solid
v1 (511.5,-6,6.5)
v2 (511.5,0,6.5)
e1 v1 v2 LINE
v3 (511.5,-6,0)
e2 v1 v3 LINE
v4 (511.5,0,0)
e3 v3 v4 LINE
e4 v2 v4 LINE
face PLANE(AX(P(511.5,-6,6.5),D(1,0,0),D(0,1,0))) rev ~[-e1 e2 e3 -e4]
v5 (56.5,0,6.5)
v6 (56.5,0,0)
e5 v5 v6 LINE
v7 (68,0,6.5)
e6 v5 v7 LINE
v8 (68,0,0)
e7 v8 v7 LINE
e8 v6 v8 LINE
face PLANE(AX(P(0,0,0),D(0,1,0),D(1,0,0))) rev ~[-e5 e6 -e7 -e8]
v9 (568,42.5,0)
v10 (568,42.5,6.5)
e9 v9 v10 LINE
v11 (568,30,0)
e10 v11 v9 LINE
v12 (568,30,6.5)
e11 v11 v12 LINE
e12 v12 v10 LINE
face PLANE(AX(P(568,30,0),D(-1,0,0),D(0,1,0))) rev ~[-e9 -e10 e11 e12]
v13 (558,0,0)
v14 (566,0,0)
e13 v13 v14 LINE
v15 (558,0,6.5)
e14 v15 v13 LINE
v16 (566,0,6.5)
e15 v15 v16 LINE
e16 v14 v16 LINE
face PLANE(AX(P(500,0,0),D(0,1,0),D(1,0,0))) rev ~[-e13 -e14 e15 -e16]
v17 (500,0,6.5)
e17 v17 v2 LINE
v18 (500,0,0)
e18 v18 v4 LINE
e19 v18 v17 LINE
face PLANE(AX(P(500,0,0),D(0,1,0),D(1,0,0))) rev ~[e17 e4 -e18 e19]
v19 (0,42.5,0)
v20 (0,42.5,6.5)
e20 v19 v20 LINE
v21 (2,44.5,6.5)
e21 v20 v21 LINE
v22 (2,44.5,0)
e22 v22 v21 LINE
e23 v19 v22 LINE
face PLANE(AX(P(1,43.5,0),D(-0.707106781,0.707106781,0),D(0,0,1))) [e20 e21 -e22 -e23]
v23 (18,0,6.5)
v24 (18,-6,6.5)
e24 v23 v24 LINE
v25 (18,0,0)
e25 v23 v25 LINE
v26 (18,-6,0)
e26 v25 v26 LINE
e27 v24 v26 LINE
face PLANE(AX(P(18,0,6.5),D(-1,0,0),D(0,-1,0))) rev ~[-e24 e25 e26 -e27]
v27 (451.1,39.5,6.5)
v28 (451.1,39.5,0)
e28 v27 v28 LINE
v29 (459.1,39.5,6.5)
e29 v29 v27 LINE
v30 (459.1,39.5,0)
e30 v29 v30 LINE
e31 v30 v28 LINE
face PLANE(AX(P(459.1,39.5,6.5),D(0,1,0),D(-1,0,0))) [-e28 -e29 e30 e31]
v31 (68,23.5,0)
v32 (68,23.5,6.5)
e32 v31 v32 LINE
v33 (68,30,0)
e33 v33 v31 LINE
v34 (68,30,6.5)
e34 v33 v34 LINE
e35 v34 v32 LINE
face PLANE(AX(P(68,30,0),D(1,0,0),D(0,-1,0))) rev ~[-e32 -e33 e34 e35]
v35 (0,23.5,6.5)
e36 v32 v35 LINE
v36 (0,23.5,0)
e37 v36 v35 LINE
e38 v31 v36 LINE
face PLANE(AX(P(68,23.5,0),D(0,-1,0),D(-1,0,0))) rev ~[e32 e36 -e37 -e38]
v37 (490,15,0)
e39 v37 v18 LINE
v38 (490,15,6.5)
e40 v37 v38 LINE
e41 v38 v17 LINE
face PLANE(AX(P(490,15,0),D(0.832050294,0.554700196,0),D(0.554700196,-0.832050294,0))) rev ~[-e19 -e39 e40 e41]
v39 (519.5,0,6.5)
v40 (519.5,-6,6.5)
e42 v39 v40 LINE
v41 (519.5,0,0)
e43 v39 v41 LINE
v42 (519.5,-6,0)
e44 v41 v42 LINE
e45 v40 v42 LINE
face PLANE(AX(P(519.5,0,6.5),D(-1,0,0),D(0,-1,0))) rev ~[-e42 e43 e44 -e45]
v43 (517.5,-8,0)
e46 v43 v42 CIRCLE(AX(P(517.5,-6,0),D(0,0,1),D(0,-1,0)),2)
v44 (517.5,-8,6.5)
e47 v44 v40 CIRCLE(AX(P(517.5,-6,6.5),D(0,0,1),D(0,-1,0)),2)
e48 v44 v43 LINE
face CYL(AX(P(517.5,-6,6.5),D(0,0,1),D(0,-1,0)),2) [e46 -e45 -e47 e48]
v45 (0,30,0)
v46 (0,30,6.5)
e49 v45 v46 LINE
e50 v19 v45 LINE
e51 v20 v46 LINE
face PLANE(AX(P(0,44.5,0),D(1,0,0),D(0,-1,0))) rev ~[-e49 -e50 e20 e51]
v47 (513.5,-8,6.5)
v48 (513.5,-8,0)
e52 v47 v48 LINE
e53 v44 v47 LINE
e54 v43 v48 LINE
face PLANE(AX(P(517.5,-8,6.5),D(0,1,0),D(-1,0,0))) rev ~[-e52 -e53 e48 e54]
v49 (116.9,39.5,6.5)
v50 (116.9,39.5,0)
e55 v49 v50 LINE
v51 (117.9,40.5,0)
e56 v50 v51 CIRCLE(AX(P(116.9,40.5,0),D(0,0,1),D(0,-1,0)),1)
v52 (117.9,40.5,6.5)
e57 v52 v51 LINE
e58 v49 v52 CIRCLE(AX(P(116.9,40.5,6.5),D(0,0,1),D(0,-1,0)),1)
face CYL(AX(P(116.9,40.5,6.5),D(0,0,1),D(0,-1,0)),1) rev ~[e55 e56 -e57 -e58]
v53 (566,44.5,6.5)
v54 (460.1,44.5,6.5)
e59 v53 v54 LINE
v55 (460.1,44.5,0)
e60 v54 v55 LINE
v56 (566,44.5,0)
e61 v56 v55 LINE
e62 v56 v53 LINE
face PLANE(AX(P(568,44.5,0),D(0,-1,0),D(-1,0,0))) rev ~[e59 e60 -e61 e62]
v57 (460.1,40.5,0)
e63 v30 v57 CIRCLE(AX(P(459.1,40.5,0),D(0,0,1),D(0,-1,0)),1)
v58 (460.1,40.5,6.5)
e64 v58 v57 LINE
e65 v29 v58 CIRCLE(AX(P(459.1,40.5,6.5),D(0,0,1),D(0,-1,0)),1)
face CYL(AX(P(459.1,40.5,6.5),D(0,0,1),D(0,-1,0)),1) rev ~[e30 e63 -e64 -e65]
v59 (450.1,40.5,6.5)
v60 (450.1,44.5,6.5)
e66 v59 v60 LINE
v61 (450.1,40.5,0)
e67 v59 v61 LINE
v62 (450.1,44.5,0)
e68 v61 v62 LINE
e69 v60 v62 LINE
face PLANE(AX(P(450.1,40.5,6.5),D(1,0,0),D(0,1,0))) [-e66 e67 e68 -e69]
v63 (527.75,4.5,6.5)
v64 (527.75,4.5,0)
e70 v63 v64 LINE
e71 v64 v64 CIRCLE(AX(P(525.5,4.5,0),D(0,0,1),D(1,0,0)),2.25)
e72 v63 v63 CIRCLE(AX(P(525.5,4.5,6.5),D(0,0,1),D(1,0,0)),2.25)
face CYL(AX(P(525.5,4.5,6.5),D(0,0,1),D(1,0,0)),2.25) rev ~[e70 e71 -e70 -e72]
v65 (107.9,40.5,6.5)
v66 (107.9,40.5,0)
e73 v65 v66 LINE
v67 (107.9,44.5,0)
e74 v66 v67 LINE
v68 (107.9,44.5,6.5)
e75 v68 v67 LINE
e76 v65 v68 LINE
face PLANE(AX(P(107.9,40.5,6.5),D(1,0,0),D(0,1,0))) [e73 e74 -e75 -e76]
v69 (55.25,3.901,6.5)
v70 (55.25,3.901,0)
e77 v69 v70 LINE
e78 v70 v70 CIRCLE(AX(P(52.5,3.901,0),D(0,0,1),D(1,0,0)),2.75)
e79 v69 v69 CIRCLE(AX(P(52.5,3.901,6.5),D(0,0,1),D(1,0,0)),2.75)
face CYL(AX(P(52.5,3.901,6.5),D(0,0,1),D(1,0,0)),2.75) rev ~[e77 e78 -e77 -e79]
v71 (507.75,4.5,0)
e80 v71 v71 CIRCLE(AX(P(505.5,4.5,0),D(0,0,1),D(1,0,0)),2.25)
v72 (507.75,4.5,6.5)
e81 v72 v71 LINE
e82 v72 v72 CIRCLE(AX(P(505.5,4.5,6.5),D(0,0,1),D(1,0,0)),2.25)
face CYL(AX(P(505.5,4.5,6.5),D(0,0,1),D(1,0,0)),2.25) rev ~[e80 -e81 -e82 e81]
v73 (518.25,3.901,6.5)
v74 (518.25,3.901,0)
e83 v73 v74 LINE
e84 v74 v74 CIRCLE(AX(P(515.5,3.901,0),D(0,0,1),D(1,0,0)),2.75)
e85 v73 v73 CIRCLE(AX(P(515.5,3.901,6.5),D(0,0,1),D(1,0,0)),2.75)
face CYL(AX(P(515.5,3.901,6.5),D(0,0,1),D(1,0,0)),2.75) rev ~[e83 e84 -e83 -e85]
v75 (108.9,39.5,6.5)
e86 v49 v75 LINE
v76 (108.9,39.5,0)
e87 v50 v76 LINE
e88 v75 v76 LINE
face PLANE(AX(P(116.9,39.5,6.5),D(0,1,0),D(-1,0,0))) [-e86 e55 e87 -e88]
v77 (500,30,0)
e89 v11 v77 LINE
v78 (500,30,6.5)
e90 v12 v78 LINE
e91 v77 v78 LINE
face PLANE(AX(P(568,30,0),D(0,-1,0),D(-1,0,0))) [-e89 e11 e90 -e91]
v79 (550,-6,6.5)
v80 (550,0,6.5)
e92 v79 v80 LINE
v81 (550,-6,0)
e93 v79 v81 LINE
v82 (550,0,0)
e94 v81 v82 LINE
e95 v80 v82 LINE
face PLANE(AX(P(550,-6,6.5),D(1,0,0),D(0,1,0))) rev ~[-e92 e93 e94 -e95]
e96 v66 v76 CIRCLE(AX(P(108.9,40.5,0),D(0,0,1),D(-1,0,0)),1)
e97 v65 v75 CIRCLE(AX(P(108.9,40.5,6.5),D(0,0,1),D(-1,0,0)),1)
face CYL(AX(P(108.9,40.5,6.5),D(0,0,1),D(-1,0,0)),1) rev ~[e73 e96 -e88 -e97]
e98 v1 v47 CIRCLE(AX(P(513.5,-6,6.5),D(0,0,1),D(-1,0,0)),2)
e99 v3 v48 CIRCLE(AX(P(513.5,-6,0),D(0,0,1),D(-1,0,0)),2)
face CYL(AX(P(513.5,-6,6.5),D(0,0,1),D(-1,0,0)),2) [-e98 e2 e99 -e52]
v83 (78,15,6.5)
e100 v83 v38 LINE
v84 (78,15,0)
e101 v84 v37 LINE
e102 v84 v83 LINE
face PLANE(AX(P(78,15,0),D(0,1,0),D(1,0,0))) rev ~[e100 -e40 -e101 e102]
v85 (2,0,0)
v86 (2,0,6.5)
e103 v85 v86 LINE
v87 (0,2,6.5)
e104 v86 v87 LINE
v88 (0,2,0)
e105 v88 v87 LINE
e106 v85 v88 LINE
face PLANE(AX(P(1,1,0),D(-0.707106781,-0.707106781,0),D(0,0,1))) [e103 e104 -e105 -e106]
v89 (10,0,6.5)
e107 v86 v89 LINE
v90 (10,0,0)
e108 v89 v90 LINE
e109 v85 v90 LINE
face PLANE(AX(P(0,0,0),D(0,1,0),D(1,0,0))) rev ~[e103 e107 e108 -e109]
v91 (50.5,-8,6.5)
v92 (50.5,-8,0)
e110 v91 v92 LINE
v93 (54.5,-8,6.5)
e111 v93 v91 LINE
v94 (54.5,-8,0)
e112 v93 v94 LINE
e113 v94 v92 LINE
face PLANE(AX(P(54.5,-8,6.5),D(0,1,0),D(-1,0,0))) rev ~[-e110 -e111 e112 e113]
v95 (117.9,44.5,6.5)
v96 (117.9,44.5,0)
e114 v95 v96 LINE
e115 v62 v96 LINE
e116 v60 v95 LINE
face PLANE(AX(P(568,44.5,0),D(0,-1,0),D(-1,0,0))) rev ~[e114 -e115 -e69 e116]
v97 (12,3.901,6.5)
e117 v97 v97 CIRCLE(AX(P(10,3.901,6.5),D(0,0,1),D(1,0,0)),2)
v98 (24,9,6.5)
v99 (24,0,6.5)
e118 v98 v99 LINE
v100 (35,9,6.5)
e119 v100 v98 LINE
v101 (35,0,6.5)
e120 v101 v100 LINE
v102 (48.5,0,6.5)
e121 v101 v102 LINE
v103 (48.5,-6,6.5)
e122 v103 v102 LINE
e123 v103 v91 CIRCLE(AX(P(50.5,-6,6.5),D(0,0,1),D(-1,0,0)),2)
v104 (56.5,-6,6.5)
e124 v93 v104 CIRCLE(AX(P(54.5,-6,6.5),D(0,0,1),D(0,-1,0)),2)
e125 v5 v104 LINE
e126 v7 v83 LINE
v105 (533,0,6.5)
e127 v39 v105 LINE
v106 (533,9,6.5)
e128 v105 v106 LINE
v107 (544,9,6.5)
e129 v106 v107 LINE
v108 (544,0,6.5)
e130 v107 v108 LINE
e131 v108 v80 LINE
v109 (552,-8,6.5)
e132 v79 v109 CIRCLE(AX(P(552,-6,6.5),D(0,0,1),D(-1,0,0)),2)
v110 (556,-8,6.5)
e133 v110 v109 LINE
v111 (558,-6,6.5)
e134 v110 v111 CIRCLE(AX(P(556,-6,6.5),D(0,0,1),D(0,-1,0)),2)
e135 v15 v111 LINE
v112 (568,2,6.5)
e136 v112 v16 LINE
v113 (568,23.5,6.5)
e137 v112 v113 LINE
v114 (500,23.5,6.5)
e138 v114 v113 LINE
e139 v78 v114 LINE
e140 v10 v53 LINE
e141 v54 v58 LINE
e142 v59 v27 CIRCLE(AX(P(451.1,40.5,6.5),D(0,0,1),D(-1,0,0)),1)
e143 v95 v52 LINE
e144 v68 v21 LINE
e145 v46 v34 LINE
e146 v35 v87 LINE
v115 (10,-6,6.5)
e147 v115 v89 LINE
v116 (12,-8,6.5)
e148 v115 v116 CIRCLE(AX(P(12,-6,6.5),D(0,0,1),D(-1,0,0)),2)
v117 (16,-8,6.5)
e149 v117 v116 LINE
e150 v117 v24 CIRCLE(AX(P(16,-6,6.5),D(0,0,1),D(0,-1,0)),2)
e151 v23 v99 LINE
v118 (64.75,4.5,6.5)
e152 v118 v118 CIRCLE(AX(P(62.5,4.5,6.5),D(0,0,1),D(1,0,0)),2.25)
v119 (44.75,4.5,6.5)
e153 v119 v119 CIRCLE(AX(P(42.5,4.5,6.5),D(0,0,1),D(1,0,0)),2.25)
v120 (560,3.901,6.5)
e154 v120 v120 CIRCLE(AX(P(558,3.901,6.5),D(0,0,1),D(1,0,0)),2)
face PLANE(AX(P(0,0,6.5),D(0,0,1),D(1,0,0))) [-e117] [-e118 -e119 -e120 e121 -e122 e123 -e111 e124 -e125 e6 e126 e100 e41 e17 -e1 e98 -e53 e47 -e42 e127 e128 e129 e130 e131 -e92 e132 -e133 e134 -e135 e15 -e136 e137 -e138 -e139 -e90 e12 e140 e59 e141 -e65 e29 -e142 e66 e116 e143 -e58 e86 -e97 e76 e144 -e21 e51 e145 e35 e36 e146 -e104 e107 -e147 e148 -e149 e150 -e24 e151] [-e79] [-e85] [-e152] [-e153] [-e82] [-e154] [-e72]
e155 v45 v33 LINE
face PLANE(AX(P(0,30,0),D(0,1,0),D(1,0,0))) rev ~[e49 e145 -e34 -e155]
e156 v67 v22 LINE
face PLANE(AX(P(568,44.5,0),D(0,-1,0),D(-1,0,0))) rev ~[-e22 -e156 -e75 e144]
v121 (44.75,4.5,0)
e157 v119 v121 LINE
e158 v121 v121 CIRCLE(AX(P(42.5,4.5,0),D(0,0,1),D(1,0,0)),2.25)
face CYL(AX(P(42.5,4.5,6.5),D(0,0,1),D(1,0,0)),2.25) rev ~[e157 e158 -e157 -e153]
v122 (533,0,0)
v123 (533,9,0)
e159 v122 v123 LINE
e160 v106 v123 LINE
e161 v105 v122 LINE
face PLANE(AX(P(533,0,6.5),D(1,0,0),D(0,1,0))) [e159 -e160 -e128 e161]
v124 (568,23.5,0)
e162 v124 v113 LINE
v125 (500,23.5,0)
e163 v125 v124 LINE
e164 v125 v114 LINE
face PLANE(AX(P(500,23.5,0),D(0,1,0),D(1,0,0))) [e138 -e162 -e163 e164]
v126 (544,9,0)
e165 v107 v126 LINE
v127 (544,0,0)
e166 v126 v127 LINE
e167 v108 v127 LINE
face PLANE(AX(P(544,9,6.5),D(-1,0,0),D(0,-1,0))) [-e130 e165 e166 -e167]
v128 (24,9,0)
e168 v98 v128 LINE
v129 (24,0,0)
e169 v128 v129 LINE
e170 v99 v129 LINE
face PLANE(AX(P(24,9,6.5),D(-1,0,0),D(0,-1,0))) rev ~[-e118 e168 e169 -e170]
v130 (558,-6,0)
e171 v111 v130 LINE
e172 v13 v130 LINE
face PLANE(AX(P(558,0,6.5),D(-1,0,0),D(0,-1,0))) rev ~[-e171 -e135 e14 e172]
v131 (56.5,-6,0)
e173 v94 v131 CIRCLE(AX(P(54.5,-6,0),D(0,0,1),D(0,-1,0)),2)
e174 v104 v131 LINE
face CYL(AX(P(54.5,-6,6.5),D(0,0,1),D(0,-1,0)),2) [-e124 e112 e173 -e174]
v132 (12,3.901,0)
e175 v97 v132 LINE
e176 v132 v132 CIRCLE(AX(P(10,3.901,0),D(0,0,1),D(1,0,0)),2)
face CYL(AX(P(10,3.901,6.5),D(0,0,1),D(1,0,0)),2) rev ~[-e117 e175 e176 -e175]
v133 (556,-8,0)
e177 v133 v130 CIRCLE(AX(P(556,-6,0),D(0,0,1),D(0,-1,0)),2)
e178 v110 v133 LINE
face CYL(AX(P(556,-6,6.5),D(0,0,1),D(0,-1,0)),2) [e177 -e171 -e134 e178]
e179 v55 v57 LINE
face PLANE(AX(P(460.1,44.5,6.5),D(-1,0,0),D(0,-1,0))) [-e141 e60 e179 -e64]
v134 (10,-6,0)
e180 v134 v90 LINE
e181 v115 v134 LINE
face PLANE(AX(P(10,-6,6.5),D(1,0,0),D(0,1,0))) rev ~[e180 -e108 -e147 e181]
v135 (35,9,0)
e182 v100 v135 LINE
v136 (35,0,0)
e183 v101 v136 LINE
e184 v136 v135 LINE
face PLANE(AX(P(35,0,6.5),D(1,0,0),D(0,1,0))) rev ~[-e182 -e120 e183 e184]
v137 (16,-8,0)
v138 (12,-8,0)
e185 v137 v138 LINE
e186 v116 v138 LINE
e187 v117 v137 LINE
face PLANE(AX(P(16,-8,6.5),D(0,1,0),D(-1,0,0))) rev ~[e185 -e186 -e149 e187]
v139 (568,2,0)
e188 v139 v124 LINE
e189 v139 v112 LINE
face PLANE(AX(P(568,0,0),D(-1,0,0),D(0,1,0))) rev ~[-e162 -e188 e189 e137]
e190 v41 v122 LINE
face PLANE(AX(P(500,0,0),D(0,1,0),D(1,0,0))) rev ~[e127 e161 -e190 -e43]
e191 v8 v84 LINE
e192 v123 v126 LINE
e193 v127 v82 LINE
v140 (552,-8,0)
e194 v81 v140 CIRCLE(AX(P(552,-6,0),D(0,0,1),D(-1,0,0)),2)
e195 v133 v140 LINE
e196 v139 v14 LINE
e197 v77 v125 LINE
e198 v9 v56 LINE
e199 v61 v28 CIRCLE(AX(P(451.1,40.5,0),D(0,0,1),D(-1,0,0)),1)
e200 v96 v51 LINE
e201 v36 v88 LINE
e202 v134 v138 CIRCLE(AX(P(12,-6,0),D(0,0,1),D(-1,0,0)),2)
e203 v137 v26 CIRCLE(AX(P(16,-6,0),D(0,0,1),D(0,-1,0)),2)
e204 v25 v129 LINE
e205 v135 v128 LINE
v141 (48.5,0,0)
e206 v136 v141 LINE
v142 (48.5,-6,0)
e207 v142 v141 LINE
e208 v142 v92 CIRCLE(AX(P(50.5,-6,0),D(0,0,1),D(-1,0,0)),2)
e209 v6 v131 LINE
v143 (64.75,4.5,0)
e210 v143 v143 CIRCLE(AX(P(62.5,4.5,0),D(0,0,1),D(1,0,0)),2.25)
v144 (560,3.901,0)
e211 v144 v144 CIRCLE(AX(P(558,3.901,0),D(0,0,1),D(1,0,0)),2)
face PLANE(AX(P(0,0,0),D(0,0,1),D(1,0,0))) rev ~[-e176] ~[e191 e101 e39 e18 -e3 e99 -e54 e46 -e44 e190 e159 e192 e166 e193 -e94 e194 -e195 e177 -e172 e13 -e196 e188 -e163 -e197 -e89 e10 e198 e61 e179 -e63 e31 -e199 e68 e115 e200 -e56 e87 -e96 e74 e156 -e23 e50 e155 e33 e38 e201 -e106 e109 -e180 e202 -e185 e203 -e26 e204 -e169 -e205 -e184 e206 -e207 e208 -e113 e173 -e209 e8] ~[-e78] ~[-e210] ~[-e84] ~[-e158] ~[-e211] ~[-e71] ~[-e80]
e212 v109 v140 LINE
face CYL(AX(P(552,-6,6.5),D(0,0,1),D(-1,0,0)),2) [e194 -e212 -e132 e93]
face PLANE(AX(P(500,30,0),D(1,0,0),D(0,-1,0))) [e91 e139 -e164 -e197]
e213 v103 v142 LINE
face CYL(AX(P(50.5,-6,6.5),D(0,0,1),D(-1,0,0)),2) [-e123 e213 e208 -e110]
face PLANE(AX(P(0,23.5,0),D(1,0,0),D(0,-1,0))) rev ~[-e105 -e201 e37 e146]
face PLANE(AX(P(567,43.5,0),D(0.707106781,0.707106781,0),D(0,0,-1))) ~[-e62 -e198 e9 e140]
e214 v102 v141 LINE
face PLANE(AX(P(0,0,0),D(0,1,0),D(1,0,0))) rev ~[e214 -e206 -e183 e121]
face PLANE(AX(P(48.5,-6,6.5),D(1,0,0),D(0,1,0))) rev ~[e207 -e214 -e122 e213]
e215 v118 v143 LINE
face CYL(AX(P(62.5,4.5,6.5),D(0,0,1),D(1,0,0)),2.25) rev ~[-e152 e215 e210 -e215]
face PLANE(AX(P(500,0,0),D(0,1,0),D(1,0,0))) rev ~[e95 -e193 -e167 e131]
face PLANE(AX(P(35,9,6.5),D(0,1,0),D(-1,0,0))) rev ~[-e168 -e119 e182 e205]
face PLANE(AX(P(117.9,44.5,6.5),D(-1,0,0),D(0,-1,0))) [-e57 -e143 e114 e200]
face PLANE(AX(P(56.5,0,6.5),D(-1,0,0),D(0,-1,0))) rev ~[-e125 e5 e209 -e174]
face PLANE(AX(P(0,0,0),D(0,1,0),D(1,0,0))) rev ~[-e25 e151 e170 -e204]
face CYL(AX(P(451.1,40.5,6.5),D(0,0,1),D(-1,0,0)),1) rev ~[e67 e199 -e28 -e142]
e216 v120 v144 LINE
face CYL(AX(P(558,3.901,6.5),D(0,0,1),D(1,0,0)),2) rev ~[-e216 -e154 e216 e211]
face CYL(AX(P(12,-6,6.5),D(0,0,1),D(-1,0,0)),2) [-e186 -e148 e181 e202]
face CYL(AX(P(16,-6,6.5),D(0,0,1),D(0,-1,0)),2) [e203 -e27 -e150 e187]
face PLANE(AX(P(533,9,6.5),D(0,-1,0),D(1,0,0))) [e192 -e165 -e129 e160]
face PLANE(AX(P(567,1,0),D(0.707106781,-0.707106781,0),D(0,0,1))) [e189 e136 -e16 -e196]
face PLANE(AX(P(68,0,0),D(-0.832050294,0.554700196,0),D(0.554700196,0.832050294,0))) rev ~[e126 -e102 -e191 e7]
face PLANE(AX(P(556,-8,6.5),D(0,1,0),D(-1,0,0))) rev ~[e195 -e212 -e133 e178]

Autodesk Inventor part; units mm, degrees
ref_plane "YZ Plane" through (0, 0, 0) normal (1, 0, 0) x (0, 1, 0)
ref_plane "XZ Plane" through (0, 0, 0) normal (0, 1, 0) x (-1, 0, 0)
ref_plane "XY Plane" through (0, 0, 0) normal (0, 0, 1) x (1, 0, 0)
sketch "Sketch1" plane through (0, 0, 0) normal (0, 0, 1) x (1, 0, 0)
  line L0 (568, 44.5) -> (0, 44.5)
  line L1 (68, 0) -> (78, 15)
  line L2 (78, 15) -> (490, 15)
  line L3 (490, 15) -> (500, 0)
  line L4 (0, 0) -> (68, 0)
  line L5 (500, 0) -> (568, 0)
  line L6 (0, 30) -> (68, 30)
  line L7 (68, 30) -> (68, 23.5)
  line L8 (68, 23.5) -> (0, 23.5)
  line L9 (0, 44.5) -> (0, 30)
  line L10 (0, 23.5) -> (0, 0)
  line L11 (568, 30) -> (500, 30)
  line L12 (500, 30) -> (500, 23.5)
  line L13 (500, 23.5) -> (568, 23.5)
  line L14 (568, 0) -> (568, 23.5)
  line L15 (568, 30) -> (568, 44.5)
  dimension "d3" = 6.5
  dimension "d4" = 68
  dimension "d5" = 68
  dimension "d6" = 568
  dimension "d7" = 15
  dimension "d8" = 23.5
  dimension "d9" = 14.5
  dimension "d12" = 10
  dimension "d13" = 10
  dimension "d14" = 10
  dimension "d15" = 10
extrude "Extrusion1" add sketch "Sketch1" along normal blind 6.5
sketch "Sketch2" plane through (0, 0, 6.5) normal (0, 0, 1) x (1, 0, 0)
  line L0 (0, 0) -> (68, 0) projected
  line L1 (500, 0) -> (568, 0) projected
  line L2 (568, 0) -> (568, 23.5) projected
  line L3 (568, 30) -> (568, 44.5) projected
  line L4 (568, 44.5) -> (0, 44.5) projected
  line L5 (0, 44.5) -> (0, 30) projected
  line L6 (0, 23.5) -> (0, 0) projected
  line L7 (24, 0) -> (35, 0)
  line L8 (35, 0) -> (35, 9)
  line L9 (35, 9) -> (24, 9)
  line L10 (24, 9) -> (24, 0)
  circle A0 centre (42.5, 4.5) radius 2.25
  circle A1 centre (52.5, 3.901) radius 2.75
  circle A2 centre (62.5, 4.5) radius 2.25
  line L11 (544, 0) -> (533, 0)
  line L12 (533, 0) -> (533, 9)
  line L13 (533, 9) -> (544, 9)
  line L14 (544, 9) -> (544, 0)
  circle A3 centre (505.5, 4.5) radius 2.25
  circle A4 centre (515.5, 3.901) radius 2.75
  circle A5 centre (525.5, 4.5) radius 2.25
  line L15 (107.9, 44.5) -> (117.9, 44.5)
  line L16 (117.9, 44.5) -> (117.9, 40.5)
  line L17 (116.9, 39.5) -> (108.9, 39.5)
  line L18 (107.9, 40.5) -> (107.9, 44.5)
  line L19 (450.1, 44.5) -> (460.1, 44.5)
  line L20 (460.1, 44.5) -> (460.1, 40.5)
  line L21 (459.1, 39.5) -> (451.1, 39.5)
  line L22 (450.1, 40.5) -> (450.1, 44.5)
  arc A6 (107.9, 40.5) -> (108.9, 39.5) centre (108.9, 40.5) ccw
  arc A7 (116.9, 39.5) -> (117.9, 40.5) centre (116.9, 40.5) ccw
  arc A8 (450.1, 40.5) -> (451.1, 39.5) centre (451.1, 40.5) ccw
  arc A9 (459.1, 39.5) -> (460.1, 40.5) centre (459.1, 40.5) ccw
  circle A10 centre (29.5, 3.901) radius 7.5 construction
  point P0 (538.5, 9)
  point P1 (35, 4.5)
  point P2 (112.9, 39.5)
  point P3 (455.1, 39.5)
  dimension "d16" = 11
  dimension "d18" = 4.5
  dimension "d19" = 5.5
  dimension "d20" = 11
  dimension "d21" = 1
  dimension "d22" = 10
  dimension "d23" = 10
  dimension "d27" = 24
  dimension "d29" = 23
  dimension "d30" = 24
  dimension "d31" = 10
  dimension "d32" = 10
  dimension "d33" = 10
  dimension "d34" = 10
  dimension "d35" = 9
  dimension "d38" = 15
  dimension "d39" = 23
  dimension "d49" = 112.9
  dimension "d50" = 112.9
  dimension "d63" = 5
extrude "Extrusion2" cut sketch "Sketch2" against normal through all
chamfer "Chamfer1" distance 2 angle 45 4 edges at (0, 44.5, 3.25) (0, 0, 3.25) (568, 44.5, 3.25) (568, 0, 3.25)
sketch "Sketch3" plane through (0, 0, 6.5) normal (0, 0, 1) x (1, 0, 0)
  line L0 (568, 2) -> (568, 23.5) projected
  line L1 (0, 23.5) -> (0, 2) projected
  circle A0 centre (52.5, 3.901) radius 2.75 projected
  circle A1 centre (10, 3.901) radius 2
  circle A2 centre (558, 3.901) radius 2
  point P0 (0, 0)
  dimension "d43" = 4
  dimension "d44" = 10
  dimension "d45" = 4
  dimension "d46" = 10
extrude "Extrusion3" cut sketch "Sketch3" against normal through all contours A1 | A2
sketch "Sketch4" plane through (0, 0, 6.5) normal (0, 0, 1) x (1, 0, 0)
  line L0 (568, 2) -> (568, 23.5) projected
  line L1 (0, 23.5) -> (0, 2) projected
  line L2 (2, 0) -> (24, 0) projected
  line L3 (35, 0) -> (68, 0) projected
  line L4 (500, 0) -> (533, 0) projected
  line L5 (544, 0) -> (566, 0) projected
  line L6 (10, 0) -> (18, 0)
  line L7 (18, 0) -> (18, -6)
  line L8 (16, -8) -> (12, -8)
  line L9 (10, -6) -> (10, 0)
  line L10 (48.5, 0) -> (56.5, 0)
  line L11 (56.5, 0) -> (56.5, -6)
  line L12 (54.5, -8) -> (50.5, -8)
  line L13 (48.5, -6) -> (48.5, 0)
  line L14 (511.5, 0) -> (519.5, 0)
  line L15 (519.5, 0) -> (519.5, -6)
  line L16 (517.5, -8) -> (513.5, -8)
  line L17 (511.5, -6) -> (511.5, 0)
  line L18 (550, 0) -> (558, 0)
  line L19 (558, 0) -> (558, -6)
  line L20 (556, -8) -> (552, -8)
  line L21 (550, -6) -> (550, 0)
  arc A0 (10, -6) -> (12, -8) centre (12, -6) ccw
  arc A1 (16, -8) -> (18, -6) centre (16, -6) ccw
  arc A2 (48.5, -6) -> (50.5, -8) centre (50.5, -6) ccw
  arc A3 (54.5, -8) -> (56.5, -6) centre (54.5, -6) ccw
  arc A4 (511.5, -6) -> (513.5, -8) centre (513.5, -6) ccw
  arc A5 (517.5, -8) -> (519.5, -6) centre (517.5, -6) ccw
  arc A6 (550, -6) -> (552, -8) centre (552, -6) ccw
  arc A7 (556, -8) -> (558, -6) centre (556, -6) ccw
  point P0 (0, 0)
  dimension "d51" = 2
  dimension "d52" = 8
  dimension "d53" = 8
  dimension "d54" = 8
  dimension "d55" = 8
  dimension "d56" = 8
  dimension "d57" = 10
  dimension "d58" = 30.5
  dimension "d59" = 10
  dimension "d60" = 30.5
extrude "Extrusion4" add sketch "Sketch4" against normal blind 6.5
equation "\"d5\" = d4"
equation "\"d20\" = d16"
equation "\"d23\" = d22"
equation "\"d30\" = d27"
equation "\"d50\" = d49"
equation "\"d45\" = d43"
equation "\"d46\" = d44"
equation "\"d59\" = d57"
equation "\"d60\" = d58"
properties part number "x_axis_chain_holder" material "Plywood, Finish"
